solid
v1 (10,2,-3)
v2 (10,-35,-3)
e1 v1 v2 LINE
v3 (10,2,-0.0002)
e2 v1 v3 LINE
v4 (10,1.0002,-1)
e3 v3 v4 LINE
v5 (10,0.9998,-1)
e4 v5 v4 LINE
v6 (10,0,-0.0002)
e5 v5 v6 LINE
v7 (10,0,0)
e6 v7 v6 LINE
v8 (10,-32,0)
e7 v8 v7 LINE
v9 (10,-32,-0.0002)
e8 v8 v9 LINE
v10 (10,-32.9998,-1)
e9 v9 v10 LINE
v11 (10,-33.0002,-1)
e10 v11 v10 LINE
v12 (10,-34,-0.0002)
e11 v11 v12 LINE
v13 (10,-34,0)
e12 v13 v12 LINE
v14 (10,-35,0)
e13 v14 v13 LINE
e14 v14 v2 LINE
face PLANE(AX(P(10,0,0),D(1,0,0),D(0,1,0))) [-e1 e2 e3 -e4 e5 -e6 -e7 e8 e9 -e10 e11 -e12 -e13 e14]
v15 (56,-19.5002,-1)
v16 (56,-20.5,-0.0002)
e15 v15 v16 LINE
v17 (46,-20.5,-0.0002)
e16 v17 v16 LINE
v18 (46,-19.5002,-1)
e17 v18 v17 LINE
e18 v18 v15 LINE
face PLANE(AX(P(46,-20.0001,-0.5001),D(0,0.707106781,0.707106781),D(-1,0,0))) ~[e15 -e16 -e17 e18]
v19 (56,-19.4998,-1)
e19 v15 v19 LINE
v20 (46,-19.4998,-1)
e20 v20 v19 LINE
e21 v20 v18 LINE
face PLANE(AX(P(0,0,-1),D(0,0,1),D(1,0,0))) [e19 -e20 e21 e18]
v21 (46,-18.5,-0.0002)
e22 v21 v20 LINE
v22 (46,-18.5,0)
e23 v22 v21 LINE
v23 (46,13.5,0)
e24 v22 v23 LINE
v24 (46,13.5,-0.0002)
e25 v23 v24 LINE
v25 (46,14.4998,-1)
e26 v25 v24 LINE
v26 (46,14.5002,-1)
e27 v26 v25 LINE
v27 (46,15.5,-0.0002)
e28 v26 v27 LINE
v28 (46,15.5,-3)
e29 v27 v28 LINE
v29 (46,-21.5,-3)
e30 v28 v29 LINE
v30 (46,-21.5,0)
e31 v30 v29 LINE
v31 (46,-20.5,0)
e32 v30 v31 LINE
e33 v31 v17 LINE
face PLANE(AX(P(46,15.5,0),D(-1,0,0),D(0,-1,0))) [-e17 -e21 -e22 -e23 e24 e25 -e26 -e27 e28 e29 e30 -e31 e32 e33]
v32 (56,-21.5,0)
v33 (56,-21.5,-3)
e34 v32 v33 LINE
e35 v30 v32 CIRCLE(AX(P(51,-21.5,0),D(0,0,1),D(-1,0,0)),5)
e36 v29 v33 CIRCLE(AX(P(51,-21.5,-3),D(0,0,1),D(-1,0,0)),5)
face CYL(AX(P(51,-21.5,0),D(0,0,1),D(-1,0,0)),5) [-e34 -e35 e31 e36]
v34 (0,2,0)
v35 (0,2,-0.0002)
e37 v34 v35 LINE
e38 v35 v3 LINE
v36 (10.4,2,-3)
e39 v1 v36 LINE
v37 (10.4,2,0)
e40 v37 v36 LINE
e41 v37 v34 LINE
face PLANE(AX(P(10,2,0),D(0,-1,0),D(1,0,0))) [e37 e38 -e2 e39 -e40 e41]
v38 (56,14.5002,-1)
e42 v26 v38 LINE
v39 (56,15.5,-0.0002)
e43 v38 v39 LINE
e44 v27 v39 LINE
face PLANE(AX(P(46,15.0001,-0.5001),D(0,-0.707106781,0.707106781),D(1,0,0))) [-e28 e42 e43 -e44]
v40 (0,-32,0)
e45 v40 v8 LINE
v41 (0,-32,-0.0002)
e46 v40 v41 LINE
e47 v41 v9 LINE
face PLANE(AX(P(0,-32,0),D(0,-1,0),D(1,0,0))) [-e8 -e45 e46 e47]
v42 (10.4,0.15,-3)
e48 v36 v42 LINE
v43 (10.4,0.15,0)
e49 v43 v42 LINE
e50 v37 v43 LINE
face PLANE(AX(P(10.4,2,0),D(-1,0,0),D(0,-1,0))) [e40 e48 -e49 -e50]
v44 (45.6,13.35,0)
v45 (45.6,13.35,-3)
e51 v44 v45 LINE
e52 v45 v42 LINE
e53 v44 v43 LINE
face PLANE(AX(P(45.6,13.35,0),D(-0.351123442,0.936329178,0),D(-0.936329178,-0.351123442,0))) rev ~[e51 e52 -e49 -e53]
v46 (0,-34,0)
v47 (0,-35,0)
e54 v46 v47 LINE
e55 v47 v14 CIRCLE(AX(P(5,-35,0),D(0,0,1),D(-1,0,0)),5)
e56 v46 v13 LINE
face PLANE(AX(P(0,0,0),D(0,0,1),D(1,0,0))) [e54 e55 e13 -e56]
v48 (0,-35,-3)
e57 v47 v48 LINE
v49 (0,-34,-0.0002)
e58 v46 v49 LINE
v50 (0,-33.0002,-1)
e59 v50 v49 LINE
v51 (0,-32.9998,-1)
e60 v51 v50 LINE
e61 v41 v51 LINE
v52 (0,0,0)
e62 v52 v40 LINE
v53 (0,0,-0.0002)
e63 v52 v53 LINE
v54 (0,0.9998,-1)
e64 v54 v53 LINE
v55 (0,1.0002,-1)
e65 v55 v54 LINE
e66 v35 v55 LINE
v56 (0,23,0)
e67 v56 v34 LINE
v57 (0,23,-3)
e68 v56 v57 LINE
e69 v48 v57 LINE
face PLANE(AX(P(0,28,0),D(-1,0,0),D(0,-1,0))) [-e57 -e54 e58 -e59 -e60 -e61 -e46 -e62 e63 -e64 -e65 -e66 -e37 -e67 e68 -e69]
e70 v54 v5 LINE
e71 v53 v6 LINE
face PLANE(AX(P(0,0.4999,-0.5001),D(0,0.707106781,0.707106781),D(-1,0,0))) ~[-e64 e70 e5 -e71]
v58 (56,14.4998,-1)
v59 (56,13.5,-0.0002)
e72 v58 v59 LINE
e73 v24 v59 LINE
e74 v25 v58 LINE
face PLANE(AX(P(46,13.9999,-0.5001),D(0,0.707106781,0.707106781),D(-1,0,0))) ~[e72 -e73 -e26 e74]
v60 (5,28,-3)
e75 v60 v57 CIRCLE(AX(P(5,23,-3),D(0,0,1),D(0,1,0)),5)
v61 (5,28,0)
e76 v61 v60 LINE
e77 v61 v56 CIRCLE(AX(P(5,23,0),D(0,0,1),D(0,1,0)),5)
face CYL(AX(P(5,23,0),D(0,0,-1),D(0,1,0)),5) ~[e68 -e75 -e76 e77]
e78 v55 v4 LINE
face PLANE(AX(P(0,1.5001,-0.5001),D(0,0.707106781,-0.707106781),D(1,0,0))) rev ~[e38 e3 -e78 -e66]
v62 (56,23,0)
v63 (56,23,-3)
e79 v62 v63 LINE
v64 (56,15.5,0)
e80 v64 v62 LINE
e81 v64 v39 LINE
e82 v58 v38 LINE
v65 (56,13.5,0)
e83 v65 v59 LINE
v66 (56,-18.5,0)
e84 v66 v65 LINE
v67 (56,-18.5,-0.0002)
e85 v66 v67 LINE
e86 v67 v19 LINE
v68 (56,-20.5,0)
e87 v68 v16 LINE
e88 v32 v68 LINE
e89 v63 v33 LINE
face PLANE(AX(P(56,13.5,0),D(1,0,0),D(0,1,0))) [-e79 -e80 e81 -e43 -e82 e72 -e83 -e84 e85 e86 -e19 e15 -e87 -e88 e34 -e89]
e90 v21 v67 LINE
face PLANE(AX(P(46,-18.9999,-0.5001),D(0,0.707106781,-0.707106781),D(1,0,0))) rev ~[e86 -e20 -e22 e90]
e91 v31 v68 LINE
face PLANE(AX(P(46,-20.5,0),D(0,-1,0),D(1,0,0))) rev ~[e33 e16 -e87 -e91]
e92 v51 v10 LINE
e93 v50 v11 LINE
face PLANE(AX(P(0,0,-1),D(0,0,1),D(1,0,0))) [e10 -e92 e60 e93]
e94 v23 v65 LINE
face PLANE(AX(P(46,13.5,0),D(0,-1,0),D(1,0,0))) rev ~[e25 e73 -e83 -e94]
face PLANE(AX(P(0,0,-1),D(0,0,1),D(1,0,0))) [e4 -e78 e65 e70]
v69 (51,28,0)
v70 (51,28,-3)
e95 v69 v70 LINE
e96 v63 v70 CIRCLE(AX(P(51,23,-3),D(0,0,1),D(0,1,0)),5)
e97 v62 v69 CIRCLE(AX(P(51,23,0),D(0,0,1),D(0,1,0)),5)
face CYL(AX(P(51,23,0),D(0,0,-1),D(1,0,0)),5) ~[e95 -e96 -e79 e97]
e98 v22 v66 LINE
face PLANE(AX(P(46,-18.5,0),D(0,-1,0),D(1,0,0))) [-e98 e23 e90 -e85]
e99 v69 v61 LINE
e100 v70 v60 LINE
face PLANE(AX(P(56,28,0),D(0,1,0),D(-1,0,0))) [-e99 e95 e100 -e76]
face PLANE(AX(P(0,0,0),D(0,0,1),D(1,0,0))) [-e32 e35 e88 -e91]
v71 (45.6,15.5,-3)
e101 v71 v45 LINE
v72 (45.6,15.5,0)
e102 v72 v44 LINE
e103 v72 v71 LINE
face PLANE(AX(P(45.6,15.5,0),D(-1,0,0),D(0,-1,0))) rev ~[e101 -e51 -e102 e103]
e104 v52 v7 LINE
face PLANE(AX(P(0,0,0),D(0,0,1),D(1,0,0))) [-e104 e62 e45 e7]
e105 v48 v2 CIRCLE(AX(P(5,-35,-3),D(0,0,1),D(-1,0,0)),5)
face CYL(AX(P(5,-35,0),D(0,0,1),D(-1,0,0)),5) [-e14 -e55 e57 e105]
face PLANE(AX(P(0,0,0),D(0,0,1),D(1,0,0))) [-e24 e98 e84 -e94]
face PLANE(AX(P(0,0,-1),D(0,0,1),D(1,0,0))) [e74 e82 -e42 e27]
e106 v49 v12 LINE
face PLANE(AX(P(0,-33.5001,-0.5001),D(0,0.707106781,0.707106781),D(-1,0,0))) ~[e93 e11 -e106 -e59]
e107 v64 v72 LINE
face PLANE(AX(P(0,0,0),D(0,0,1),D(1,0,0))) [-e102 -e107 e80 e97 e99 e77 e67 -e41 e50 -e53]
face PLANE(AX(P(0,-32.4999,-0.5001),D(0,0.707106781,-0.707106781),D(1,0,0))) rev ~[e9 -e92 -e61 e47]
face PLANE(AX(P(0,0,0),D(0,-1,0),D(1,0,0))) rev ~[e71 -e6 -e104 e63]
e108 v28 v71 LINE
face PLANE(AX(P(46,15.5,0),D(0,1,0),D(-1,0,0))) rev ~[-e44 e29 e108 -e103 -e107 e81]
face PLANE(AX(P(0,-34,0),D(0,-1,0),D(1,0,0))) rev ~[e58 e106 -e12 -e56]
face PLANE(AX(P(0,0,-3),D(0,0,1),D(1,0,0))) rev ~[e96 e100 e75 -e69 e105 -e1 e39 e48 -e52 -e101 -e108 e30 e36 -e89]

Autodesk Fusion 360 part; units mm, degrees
sketch "Sketch1" plane through (0, 0, 0) normal (0, 0, 1) x (1, 0, 0)
  line L0 (56, 13.5) -> (56, 28)
  line L1 (56, 28) -> (0, 28)
  line L2 (0, 28) -> (0, 0)
  line L3 (0, 0) -> (10, 0)
  line L4 (10, 0) -> (46, 0) construction
  line L5 (0, 0) -> (0, -35)
  arc A0 (0, -35) -> (10, -35) centre (5, -35) ccw
  line L6 (10, -35) -> (10, 0)
  line L7 (46, 0) -> (46, 13.5) construction
  line L8 (46, 13.5) -> (56, 13.5)
  line L9 (46, 13.5) -> (10, 0)
  line L10 (46, 13.5) -> (46, -21.5)
  arc A1 (46, -21.5) -> (56, -21.5) centre (51, -21.5) ccw
  line L11 (56, -21.5) -> (56, 13.5)
  line L12 (0, -33) -> (10, -33) construction
  line L13 (46, -19.5) -> (56, -19.5) construction
  line L14 (46, 15.5) -> (56, 15.5)
  line L15 (0, 2) -> (10, 2)
  line L16 (0, -32) -> (10, -32)
  line L17 (0, -34) -> (10, -34)
  line L18 (46, -18.5) -> (56, -18.5)
  line L19 (46, -20.5) -> (56, -20.5)
  line L20 (46, 15.5) -> (46, 13.5)
  line L21 (46, 15.5) -> (45.6, 15.5)
  line L22 (45.6, 15.5) -> (45.6, 13.35)
  line L23 (10, 0) -> (10, 2)
  line L24 (10, 2) -> (10.4, 2)
  line L25 (10.4, 2) -> (10.4, 0.15)
  dimension "d1" = 28
  dimension "d5" = 10
  dimension "d6" = 10
  dimension "d7" = 36
  dimension "d8" = 13.5
  dimension "d11" = 33
  dimension "d12" = 2
  dimension "d13" = 2
  dimension "d14" = 33
  dimension "d20" = 2
  dimension "d21" = 2
  dimension "d27" = 2
  dimension "d28" = 0.4
  dimension "d29" = 2
  dimension "d30" = 0.4
extrude "Extrude1" add sketch "Sketch1" against normal blind 3 contours L0 L8 L14 L20 | L8 L10 L11 L18 | L0 L1 L2 L9 L14 L15 L21 L22 L24 L25 | L10 L11 L18 L19 | L10 A1 L11 L19 | L2 L3 L15 L23 | L3 L5 L6 L16 | L5 L6 L16 L17 | L5 A0 L6 L17
extrude "Extrude2" cut sketch "Sketch1" against normal blind 1 contours L0 L8 L14 L20 | L10 L11 L18 L19 | L2 L3 L15 L23 | L5 L6 L16 L17
chamfer "Chamfer1" distance 1 angle 45 8 edges at (5, -32, -1) (5, -34, -1) (5, 2, -1) (5, 0, -1) (51, 13.5, -1) (51, 15.5, -1) (51, -20.5, -1) (51, -18.5, -1)
fillet "Fillet1" radius 5 2 edges at (56, 28, -1.5) (0, 28, -1.5)
equation "d13 = d12"
equation "d14 = d11"
